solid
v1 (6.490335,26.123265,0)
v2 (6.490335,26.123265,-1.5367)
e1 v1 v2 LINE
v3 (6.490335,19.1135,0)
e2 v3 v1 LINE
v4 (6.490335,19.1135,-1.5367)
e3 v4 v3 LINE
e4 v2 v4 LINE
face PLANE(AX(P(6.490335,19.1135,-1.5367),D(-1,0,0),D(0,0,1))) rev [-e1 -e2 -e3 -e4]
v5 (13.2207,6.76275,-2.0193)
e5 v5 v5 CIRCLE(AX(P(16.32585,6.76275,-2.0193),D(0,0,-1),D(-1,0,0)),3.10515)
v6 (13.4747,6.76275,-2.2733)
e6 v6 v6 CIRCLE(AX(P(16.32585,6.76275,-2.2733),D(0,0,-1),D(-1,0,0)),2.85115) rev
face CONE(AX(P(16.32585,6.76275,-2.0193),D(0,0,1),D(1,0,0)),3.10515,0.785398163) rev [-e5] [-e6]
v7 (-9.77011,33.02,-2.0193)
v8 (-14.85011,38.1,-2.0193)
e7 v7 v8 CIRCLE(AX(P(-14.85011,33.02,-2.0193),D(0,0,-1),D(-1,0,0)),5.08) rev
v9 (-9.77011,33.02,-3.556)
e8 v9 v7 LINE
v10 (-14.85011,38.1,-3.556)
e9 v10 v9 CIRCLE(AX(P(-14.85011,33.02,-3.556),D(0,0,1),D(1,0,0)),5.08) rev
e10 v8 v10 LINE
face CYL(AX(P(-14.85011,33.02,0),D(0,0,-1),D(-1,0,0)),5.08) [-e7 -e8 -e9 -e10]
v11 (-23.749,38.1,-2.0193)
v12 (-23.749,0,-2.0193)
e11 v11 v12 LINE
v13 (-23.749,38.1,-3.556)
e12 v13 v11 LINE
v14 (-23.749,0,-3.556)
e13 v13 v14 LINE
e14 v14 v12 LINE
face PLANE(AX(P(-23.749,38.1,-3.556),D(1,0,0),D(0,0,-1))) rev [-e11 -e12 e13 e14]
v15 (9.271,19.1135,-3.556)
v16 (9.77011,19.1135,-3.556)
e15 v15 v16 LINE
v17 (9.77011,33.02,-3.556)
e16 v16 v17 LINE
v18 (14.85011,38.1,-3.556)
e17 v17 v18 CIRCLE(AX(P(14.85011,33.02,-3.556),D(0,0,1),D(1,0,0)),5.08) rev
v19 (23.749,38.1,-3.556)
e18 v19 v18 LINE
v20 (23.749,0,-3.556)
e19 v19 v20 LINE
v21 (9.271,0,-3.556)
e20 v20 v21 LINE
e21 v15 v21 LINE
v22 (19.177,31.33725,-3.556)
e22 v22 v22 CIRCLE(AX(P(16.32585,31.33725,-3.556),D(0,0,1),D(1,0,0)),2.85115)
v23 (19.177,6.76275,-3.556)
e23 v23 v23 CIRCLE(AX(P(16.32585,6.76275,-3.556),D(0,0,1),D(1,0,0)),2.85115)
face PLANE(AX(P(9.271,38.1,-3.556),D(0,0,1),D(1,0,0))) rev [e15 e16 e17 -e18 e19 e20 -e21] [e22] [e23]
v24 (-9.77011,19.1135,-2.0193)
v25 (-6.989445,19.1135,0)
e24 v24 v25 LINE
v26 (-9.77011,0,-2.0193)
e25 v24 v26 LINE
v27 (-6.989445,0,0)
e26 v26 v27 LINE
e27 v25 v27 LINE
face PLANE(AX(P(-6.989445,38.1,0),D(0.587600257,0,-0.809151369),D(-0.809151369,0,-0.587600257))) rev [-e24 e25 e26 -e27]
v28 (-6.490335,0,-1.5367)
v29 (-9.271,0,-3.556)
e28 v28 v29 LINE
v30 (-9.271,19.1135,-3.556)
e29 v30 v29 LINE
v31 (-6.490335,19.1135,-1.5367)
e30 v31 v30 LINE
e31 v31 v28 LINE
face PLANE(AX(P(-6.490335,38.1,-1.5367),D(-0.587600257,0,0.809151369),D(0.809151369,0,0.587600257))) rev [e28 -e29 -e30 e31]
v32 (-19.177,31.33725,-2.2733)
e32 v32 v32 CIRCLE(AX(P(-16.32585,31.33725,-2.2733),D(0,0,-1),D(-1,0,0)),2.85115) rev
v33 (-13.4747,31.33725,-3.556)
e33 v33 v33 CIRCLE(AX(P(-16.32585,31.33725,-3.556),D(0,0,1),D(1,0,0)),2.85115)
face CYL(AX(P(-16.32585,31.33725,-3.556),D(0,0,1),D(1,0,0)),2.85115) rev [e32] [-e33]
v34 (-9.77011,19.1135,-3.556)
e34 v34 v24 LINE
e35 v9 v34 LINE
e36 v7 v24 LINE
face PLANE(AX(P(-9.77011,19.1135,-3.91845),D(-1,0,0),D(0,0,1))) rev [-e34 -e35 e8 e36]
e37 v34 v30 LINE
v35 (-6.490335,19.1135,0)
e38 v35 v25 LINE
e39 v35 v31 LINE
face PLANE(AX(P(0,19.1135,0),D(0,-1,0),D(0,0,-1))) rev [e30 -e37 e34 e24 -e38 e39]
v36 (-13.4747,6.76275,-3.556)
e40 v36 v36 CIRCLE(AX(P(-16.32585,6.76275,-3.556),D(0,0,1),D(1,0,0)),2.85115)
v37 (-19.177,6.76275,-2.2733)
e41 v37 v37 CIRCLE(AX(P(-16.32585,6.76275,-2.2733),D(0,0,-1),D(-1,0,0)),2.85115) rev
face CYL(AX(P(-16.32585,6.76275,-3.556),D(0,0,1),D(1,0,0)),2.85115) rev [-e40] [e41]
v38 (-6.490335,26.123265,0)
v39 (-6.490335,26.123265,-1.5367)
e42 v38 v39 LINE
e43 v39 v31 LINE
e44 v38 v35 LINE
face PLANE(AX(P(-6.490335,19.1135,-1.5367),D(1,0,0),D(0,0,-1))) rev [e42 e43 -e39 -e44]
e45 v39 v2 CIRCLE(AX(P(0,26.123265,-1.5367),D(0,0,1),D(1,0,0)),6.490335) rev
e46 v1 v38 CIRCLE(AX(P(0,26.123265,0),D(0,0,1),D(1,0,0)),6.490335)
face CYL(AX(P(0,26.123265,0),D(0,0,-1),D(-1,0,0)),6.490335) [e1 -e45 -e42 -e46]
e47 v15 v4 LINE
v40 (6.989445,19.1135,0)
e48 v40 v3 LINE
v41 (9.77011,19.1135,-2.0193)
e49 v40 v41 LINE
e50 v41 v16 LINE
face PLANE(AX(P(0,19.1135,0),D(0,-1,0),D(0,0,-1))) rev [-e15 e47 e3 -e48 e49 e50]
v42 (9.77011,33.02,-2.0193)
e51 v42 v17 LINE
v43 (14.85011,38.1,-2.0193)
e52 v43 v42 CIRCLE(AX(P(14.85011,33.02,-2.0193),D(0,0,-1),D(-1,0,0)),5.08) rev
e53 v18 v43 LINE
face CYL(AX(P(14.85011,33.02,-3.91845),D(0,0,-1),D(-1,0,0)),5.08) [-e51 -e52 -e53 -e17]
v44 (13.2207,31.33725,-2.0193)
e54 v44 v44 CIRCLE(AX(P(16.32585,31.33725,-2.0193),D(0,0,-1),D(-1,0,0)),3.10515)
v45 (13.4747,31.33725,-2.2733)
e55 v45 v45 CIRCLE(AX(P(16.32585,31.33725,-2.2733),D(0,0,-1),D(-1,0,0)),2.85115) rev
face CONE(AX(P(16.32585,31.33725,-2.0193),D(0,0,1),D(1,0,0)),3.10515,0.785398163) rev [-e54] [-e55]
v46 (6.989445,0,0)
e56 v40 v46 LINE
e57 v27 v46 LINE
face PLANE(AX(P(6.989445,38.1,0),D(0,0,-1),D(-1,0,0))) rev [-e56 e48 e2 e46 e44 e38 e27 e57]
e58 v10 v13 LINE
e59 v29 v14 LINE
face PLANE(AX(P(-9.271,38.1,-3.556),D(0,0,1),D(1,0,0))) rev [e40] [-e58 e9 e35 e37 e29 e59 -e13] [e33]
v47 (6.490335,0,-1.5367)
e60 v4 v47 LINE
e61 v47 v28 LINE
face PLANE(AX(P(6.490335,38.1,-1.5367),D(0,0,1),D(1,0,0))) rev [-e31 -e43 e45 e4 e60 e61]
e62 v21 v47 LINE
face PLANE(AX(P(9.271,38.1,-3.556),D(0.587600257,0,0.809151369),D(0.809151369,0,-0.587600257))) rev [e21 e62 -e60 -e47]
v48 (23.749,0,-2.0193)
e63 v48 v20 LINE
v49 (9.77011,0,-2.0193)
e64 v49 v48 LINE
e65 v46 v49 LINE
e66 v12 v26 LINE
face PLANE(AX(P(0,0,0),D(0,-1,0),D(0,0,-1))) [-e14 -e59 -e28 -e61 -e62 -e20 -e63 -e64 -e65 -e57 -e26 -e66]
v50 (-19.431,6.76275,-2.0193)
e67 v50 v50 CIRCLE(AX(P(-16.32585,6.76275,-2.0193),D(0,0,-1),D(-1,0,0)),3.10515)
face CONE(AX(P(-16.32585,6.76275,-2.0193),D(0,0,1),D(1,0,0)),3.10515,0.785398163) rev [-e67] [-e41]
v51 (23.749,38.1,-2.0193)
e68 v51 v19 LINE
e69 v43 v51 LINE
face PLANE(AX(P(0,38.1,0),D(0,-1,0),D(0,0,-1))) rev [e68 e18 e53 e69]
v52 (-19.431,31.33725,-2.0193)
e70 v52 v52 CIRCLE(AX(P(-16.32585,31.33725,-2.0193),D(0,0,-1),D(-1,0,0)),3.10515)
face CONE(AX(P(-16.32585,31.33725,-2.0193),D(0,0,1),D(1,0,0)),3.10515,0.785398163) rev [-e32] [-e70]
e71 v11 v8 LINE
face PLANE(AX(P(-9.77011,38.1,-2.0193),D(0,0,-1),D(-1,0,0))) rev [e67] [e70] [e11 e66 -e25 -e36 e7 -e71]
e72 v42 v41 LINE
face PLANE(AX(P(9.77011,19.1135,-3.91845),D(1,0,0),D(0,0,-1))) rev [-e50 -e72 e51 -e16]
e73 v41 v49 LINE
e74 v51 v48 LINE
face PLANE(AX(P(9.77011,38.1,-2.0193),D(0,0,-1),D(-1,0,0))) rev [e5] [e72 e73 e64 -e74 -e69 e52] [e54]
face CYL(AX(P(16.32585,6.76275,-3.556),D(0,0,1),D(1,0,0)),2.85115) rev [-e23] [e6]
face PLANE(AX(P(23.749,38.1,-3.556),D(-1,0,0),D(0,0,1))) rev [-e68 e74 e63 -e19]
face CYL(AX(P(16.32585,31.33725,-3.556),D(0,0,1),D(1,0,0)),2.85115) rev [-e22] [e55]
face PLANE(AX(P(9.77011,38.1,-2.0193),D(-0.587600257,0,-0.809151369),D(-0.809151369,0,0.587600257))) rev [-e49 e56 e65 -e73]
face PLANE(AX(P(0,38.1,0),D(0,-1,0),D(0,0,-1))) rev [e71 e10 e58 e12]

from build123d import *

# Parameters (mm, degrees)
BOSS_EXTRUDE1_DEPTH     = 38.1
CUT_EXTRUDE2_DEPTH      = 18.9865
CUT_EXTRUDE4_DEPTH      = 3.0193
CUT_EXTRUDE4_DEPTH_BACK = 2.5367
FILLET3_R               = 5.08
SKETCH8_R               = 2.85115
CUT_EXTRUDE5_DEPTH      = 3.0193
CUT_EXTRUDE5_DEPTH_BACK = 2.5367
CHAMFER1_SIZE           = 0.254


with BuildPart() as part:
    # Sketch1 → Boss-Extrude1 (new body)
    with BuildSketch(Plane(origin=(0, 0, 0), x_dir=(1, 0, 0), z_dir=(0, 1, 0))):
        Polygon((9.770109876, 2.0193), (6.989445062, 0), (-6.989445062, 0), (-9.770109876, 2.0193), (-23.749, 2.0193), (-23.749, 3.556), (-9.271, 3.556), (-6.490335186, 1.5367), (6.490335186, 1.5367), (9.271, 3.556), (23.749, 3.556), (23.749, 2.0193), align=None)
    extrude(amount=BOSS_EXTRUDE1_DEPTH)

    # Sketch3 → Cut-Extrude2 (cut)
    with BuildSketch(Plane(origin=(0, 38.1, 0), x_dir=(1, 0, 0), z_dir=(0, 1, 0))):
        Polygon((-9.770109876, 3.91845022), (-9.770109876, 2.0193), (-6.490335186, -0.36245022), (-6.490335186, 1.5367), align=None)
        Polygon((6.490335186, 1.5367), (9.770109876, 3.91845022), (9.770109876, 2.0193), (6.490335186, -0.36245022), align=None)
    extrude(amount=-CUT_EXTRUDE2_DEPTH, mode=Mode.SUBTRACT)

    # Sketch6 → Cut-Extrude4 (cut, two sides)
    with BuildSketch(Plane(origin=(0, 0, -1.5367), x_dir=(-1, 0, 0), z_dir=(0, 0, -1))) as cut_extrude4_sk:
        with BuildLine():
            Line((-6.490335186, 26.123264814), (-8.408477538, 26.123264814))
            Line((-8.408477538, 26.123264814), (-8.408477538, 40.625106564))
            Line((-8.408477538, 40.625106564), (8.313468388, 40.625106564))
            Line((8.313468388, 40.625106564), (8.313468388, 26.123264814))
            Line((8.313468388, 26.123264814), (6.490335186, 26.123264814))
            ThreePointArc((6.490335186, 26.123264814), (0, 32.6136), (-6.490335186, 26.123264814))
        make_face()
    extrude(amount=CUT_EXTRUDE4_DEPTH, mode=Mode.SUBTRACT)
    extrude(cut_extrude4_sk.sketch, amount=-CUT_EXTRUDE4_DEPTH_BACK, mode=Mode.SUBTRACT)

    # Fillet3
    fillet3_edges = [part.edges().sort_by_distance(p)[0] for p in [
        (-9.770109876, 38.1, -2.78765),
        (9.770109876, 38.1, -2.78765),
    ]]
    fillet(fillet3_edges, radius=FILLET3_R)

    # Sketch8 → Cut-Extrude5 (cut, two sides)
    with BuildSketch(Plane.XY.offset(-2.0193)) as cut_extrude5_sk:
        with Locations((-16.32585, 31.33725)):
            Circle(SKETCH8_R)
        with Locations((-16.32585, 6.76275)):
            Circle(SKETCH8_R)
        with Locations((16.32585, 6.76275)):
            Circle(SKETCH8_R)
        with Locations((16.32585, 31.33725)):
            Circle(SKETCH8_R)
    extrude(amount=CUT_EXTRUDE5_DEPTH, mode=Mode.SUBTRACT)
    extrude(cut_extrude5_sk.sketch, amount=-CUT_EXTRUDE5_DEPTH_BACK, mode=Mode.SUBTRACT)

    # Chamfer1
    chamfer1_edges = [part.edges().sort_by_distance(p)[0] for p in [
        (-19.177, 31.33725, -2.0193),
        (-19.177, 6.76275, -2.0193),
        (13.4747, 6.76275, -2.0193),
        (13.4747, 31.33725, -2.0193),
    ]]
    chamfer(chamfer1_edges, length=CHAMFER1_SIZE)


solid = part.part
